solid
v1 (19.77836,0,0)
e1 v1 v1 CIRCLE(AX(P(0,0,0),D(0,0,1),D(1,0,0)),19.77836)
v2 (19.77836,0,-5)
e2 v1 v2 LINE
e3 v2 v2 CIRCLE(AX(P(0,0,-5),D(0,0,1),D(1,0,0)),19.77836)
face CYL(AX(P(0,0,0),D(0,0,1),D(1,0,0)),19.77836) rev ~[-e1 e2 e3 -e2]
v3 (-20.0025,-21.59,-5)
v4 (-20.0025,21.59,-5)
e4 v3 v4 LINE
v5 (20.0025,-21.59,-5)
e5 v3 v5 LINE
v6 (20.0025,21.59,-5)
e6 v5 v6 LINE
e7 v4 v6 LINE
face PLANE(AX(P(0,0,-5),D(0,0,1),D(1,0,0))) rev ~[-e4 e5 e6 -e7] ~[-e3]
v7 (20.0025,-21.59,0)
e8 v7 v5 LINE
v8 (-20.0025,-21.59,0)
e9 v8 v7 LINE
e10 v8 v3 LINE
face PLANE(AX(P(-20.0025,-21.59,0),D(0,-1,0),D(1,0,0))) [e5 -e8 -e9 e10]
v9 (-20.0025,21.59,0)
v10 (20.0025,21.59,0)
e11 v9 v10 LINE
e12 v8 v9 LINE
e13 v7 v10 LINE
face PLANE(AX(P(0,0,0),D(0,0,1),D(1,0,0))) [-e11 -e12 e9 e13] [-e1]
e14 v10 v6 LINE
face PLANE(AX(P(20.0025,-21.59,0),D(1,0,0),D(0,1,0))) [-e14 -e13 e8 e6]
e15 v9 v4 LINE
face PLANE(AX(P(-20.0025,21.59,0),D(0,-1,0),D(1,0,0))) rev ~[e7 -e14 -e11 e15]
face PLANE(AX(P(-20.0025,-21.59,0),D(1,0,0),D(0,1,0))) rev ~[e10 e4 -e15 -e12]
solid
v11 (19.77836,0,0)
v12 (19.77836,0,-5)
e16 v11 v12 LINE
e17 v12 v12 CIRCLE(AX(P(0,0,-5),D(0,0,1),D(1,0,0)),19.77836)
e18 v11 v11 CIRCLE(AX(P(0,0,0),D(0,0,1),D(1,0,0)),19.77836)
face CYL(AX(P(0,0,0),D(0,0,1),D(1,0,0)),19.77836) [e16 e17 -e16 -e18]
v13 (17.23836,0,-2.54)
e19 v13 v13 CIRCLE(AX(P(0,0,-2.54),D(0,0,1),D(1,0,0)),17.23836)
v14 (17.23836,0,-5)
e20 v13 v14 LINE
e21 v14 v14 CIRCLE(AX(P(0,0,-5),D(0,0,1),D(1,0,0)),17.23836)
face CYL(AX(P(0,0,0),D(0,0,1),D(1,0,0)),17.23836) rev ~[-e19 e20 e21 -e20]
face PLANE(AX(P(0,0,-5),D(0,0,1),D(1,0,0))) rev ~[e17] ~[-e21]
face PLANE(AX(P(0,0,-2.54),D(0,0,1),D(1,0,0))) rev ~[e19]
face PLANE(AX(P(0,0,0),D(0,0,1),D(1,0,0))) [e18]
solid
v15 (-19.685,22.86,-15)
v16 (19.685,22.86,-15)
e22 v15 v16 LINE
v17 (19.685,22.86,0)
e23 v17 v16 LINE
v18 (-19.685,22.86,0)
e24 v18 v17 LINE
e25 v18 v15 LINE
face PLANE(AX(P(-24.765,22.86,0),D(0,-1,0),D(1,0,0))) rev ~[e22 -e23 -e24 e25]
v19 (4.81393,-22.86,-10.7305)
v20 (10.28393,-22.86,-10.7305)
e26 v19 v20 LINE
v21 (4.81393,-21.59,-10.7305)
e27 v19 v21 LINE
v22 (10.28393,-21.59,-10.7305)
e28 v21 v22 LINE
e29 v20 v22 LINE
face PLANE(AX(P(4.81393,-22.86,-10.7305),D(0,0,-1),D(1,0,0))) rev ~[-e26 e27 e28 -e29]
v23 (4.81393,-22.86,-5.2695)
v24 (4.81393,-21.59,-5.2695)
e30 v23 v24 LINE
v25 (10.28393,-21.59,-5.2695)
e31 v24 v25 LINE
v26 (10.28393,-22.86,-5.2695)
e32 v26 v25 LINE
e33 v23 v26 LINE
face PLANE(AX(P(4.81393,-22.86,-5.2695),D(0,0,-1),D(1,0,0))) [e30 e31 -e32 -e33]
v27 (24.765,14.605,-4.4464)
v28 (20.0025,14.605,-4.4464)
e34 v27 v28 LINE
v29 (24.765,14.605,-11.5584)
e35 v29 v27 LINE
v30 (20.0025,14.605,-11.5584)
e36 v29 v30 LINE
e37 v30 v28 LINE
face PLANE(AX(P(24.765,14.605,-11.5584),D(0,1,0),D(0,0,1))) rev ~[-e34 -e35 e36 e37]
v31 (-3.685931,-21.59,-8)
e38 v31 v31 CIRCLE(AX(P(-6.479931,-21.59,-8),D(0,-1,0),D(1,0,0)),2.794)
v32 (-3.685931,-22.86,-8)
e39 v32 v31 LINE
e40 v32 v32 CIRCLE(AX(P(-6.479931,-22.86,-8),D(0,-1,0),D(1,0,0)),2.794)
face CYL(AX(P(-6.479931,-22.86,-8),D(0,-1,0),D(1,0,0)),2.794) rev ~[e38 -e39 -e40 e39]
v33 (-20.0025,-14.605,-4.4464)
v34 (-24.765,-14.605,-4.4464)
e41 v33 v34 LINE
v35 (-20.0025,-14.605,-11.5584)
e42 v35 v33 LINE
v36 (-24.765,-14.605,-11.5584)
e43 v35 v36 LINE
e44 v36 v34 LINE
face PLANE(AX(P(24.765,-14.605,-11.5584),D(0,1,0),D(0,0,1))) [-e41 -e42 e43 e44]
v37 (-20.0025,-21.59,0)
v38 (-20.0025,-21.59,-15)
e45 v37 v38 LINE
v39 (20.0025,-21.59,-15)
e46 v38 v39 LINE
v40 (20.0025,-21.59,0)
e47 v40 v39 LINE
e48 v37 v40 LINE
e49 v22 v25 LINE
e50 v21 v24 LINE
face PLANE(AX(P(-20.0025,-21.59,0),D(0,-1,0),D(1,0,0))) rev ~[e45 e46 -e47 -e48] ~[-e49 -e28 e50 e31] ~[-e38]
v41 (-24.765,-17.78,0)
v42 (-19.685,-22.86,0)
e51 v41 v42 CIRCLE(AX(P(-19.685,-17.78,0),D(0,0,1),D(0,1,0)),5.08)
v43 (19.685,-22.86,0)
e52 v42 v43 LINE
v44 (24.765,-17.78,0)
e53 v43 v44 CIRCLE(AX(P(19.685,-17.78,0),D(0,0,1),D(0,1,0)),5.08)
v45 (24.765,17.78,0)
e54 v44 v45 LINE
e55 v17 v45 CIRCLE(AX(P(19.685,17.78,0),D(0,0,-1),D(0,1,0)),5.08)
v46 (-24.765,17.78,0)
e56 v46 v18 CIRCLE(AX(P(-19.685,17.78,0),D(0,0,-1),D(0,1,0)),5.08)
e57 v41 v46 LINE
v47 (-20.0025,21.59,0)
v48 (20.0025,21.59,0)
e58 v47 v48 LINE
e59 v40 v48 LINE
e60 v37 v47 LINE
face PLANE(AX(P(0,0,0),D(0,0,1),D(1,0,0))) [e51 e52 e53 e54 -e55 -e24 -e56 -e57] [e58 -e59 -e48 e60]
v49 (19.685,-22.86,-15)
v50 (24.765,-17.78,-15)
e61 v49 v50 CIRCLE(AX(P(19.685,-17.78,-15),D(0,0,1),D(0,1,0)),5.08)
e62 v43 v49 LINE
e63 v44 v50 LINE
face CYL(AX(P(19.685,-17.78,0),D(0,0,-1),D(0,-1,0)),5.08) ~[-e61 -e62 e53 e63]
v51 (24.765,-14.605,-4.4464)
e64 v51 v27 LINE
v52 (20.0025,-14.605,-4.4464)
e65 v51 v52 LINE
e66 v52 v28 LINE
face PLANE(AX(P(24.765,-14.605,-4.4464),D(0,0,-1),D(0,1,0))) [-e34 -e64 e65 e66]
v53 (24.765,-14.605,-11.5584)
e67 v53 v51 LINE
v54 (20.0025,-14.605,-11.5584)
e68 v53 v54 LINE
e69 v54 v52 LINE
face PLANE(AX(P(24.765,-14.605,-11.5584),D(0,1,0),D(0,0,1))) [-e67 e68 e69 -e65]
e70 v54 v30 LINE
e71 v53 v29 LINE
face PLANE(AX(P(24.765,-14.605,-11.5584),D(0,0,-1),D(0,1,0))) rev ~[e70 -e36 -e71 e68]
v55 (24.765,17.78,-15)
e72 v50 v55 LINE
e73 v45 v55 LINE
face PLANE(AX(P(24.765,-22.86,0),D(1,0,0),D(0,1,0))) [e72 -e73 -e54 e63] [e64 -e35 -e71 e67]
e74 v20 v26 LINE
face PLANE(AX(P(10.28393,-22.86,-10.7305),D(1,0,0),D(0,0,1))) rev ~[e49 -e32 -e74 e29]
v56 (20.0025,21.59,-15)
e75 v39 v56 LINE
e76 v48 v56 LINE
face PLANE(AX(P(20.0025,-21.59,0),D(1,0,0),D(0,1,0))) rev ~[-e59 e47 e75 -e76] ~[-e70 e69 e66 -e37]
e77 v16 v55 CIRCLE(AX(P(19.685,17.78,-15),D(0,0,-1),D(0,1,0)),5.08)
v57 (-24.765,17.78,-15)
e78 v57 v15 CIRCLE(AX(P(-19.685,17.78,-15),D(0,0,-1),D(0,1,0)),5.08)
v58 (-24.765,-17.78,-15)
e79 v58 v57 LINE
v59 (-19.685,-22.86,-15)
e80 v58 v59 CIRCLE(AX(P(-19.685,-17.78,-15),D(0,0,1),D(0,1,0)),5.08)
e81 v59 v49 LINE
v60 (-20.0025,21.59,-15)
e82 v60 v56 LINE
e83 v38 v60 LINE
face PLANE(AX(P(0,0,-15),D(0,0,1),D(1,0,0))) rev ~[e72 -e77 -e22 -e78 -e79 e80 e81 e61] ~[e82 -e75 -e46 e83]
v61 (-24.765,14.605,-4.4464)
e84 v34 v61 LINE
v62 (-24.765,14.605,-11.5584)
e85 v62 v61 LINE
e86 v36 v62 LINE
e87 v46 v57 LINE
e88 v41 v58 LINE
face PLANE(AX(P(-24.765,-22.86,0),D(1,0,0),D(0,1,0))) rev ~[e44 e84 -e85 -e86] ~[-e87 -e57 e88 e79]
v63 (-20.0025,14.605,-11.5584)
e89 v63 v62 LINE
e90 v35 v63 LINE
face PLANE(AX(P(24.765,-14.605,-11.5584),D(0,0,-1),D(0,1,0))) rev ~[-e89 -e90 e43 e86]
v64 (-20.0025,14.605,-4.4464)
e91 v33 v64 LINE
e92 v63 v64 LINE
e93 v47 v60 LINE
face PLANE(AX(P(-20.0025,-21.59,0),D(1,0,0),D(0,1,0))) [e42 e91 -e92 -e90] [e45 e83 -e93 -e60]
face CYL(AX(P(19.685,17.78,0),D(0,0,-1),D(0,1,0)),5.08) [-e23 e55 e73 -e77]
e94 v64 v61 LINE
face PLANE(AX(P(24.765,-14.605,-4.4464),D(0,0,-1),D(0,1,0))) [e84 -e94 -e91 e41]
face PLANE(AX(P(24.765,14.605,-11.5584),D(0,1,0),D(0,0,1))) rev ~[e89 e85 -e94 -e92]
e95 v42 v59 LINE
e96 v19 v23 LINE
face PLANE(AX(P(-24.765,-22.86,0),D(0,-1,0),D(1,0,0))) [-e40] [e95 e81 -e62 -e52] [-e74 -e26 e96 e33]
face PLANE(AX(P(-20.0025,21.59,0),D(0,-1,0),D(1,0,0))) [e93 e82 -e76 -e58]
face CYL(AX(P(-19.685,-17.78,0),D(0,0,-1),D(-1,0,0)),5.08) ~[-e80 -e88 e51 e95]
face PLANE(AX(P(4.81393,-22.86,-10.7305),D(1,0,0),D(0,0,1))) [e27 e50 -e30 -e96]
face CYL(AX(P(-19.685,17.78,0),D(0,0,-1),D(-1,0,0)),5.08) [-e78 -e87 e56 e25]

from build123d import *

# Parameters (mm, degrees)
F0_W      = 40.005
F0_H      = 43.18
F0_R      = 19.7783597571
F1_DEPTH  = 5
F2_R      = 19.7783597571
F3_DEPTH  = 5
F4_T      = -2.54
F0_W_2    = 49.53
F0_H_2    = 45.72
F5_DEPTH  = 15
F6_R      = 5.08
F7_W      = 5.47
F7_H      = 5.461
F7_R      = 2.794
F8_DEPTH  = 16.891
F9_W      = 29.21
F9_H      = 7.112
F10_DEPTH = 55.626


with BuildPart() as f1:
    # F0 (on Top) → F1 (new body)
    with BuildSketch(Plane.XY):
        Rectangle(F0_W, F0_H)
        Circle(F0_R, mode=Mode.SUBTRACT)
    extrude(amount=-F1_DEPTH)


with BuildPart() as f3:
    # F2 (on Top) → F3 (new body)
    with BuildSketch(Plane.XY):
        Circle(F2_R)
    extrude(amount=-F3_DEPTH)

    # F4
    f4_openings = [f3.faces().sort_by_distance(p)[0] for p in [
        (0, 0, -5),
    ]]
    offset(amount=F4_T, openings=f4_openings)


with BuildPart() as f5:
    # F0 (on Top) → F5 (new body)
    with BuildSketch(Plane.XY):
        Rectangle(F0_W_2, F0_H_2)
        Rectangle(F0_W, F0_H, mode=Mode.SUBTRACT)
    extrude(amount=-F5_DEPTH)

    # F6
    f6_edges = [f5.edges().sort_by_distance(p)[0] for p in [
        (-24.765, -22.86, -7.5),
        (24.765, -22.86, -7.5),
        (24.765, 22.86, -7.5),
        (-24.765, 22.86, -7.5),
    ]]
    fillet(f6_edges, radius=F6_R)

    # F7 (on face) → F8 (cut)
    with BuildSketch(Plane.XZ.offset(22.86)):
        with Locations((7.5489302855, -8)):
            Rectangle(F7_W, F7_H)
        with Locations((-6.4799310854, -8)):
            Circle(F7_R)
    extrude(amount=-F8_DEPTH, mode=Mode.SUBTRACT)

    # F9 (on face) → F10 (cut)
    with BuildSketch(Plane.YZ.offset(24.765)):
        with Locations((0, -8.002400344)):
            Rectangle(F9_W, F9_H)
    extrude(amount=-F10_DEPTH, mode=Mode.SUBTRACT)


solid = Compound([f1.part, f3.part, f5.part])
